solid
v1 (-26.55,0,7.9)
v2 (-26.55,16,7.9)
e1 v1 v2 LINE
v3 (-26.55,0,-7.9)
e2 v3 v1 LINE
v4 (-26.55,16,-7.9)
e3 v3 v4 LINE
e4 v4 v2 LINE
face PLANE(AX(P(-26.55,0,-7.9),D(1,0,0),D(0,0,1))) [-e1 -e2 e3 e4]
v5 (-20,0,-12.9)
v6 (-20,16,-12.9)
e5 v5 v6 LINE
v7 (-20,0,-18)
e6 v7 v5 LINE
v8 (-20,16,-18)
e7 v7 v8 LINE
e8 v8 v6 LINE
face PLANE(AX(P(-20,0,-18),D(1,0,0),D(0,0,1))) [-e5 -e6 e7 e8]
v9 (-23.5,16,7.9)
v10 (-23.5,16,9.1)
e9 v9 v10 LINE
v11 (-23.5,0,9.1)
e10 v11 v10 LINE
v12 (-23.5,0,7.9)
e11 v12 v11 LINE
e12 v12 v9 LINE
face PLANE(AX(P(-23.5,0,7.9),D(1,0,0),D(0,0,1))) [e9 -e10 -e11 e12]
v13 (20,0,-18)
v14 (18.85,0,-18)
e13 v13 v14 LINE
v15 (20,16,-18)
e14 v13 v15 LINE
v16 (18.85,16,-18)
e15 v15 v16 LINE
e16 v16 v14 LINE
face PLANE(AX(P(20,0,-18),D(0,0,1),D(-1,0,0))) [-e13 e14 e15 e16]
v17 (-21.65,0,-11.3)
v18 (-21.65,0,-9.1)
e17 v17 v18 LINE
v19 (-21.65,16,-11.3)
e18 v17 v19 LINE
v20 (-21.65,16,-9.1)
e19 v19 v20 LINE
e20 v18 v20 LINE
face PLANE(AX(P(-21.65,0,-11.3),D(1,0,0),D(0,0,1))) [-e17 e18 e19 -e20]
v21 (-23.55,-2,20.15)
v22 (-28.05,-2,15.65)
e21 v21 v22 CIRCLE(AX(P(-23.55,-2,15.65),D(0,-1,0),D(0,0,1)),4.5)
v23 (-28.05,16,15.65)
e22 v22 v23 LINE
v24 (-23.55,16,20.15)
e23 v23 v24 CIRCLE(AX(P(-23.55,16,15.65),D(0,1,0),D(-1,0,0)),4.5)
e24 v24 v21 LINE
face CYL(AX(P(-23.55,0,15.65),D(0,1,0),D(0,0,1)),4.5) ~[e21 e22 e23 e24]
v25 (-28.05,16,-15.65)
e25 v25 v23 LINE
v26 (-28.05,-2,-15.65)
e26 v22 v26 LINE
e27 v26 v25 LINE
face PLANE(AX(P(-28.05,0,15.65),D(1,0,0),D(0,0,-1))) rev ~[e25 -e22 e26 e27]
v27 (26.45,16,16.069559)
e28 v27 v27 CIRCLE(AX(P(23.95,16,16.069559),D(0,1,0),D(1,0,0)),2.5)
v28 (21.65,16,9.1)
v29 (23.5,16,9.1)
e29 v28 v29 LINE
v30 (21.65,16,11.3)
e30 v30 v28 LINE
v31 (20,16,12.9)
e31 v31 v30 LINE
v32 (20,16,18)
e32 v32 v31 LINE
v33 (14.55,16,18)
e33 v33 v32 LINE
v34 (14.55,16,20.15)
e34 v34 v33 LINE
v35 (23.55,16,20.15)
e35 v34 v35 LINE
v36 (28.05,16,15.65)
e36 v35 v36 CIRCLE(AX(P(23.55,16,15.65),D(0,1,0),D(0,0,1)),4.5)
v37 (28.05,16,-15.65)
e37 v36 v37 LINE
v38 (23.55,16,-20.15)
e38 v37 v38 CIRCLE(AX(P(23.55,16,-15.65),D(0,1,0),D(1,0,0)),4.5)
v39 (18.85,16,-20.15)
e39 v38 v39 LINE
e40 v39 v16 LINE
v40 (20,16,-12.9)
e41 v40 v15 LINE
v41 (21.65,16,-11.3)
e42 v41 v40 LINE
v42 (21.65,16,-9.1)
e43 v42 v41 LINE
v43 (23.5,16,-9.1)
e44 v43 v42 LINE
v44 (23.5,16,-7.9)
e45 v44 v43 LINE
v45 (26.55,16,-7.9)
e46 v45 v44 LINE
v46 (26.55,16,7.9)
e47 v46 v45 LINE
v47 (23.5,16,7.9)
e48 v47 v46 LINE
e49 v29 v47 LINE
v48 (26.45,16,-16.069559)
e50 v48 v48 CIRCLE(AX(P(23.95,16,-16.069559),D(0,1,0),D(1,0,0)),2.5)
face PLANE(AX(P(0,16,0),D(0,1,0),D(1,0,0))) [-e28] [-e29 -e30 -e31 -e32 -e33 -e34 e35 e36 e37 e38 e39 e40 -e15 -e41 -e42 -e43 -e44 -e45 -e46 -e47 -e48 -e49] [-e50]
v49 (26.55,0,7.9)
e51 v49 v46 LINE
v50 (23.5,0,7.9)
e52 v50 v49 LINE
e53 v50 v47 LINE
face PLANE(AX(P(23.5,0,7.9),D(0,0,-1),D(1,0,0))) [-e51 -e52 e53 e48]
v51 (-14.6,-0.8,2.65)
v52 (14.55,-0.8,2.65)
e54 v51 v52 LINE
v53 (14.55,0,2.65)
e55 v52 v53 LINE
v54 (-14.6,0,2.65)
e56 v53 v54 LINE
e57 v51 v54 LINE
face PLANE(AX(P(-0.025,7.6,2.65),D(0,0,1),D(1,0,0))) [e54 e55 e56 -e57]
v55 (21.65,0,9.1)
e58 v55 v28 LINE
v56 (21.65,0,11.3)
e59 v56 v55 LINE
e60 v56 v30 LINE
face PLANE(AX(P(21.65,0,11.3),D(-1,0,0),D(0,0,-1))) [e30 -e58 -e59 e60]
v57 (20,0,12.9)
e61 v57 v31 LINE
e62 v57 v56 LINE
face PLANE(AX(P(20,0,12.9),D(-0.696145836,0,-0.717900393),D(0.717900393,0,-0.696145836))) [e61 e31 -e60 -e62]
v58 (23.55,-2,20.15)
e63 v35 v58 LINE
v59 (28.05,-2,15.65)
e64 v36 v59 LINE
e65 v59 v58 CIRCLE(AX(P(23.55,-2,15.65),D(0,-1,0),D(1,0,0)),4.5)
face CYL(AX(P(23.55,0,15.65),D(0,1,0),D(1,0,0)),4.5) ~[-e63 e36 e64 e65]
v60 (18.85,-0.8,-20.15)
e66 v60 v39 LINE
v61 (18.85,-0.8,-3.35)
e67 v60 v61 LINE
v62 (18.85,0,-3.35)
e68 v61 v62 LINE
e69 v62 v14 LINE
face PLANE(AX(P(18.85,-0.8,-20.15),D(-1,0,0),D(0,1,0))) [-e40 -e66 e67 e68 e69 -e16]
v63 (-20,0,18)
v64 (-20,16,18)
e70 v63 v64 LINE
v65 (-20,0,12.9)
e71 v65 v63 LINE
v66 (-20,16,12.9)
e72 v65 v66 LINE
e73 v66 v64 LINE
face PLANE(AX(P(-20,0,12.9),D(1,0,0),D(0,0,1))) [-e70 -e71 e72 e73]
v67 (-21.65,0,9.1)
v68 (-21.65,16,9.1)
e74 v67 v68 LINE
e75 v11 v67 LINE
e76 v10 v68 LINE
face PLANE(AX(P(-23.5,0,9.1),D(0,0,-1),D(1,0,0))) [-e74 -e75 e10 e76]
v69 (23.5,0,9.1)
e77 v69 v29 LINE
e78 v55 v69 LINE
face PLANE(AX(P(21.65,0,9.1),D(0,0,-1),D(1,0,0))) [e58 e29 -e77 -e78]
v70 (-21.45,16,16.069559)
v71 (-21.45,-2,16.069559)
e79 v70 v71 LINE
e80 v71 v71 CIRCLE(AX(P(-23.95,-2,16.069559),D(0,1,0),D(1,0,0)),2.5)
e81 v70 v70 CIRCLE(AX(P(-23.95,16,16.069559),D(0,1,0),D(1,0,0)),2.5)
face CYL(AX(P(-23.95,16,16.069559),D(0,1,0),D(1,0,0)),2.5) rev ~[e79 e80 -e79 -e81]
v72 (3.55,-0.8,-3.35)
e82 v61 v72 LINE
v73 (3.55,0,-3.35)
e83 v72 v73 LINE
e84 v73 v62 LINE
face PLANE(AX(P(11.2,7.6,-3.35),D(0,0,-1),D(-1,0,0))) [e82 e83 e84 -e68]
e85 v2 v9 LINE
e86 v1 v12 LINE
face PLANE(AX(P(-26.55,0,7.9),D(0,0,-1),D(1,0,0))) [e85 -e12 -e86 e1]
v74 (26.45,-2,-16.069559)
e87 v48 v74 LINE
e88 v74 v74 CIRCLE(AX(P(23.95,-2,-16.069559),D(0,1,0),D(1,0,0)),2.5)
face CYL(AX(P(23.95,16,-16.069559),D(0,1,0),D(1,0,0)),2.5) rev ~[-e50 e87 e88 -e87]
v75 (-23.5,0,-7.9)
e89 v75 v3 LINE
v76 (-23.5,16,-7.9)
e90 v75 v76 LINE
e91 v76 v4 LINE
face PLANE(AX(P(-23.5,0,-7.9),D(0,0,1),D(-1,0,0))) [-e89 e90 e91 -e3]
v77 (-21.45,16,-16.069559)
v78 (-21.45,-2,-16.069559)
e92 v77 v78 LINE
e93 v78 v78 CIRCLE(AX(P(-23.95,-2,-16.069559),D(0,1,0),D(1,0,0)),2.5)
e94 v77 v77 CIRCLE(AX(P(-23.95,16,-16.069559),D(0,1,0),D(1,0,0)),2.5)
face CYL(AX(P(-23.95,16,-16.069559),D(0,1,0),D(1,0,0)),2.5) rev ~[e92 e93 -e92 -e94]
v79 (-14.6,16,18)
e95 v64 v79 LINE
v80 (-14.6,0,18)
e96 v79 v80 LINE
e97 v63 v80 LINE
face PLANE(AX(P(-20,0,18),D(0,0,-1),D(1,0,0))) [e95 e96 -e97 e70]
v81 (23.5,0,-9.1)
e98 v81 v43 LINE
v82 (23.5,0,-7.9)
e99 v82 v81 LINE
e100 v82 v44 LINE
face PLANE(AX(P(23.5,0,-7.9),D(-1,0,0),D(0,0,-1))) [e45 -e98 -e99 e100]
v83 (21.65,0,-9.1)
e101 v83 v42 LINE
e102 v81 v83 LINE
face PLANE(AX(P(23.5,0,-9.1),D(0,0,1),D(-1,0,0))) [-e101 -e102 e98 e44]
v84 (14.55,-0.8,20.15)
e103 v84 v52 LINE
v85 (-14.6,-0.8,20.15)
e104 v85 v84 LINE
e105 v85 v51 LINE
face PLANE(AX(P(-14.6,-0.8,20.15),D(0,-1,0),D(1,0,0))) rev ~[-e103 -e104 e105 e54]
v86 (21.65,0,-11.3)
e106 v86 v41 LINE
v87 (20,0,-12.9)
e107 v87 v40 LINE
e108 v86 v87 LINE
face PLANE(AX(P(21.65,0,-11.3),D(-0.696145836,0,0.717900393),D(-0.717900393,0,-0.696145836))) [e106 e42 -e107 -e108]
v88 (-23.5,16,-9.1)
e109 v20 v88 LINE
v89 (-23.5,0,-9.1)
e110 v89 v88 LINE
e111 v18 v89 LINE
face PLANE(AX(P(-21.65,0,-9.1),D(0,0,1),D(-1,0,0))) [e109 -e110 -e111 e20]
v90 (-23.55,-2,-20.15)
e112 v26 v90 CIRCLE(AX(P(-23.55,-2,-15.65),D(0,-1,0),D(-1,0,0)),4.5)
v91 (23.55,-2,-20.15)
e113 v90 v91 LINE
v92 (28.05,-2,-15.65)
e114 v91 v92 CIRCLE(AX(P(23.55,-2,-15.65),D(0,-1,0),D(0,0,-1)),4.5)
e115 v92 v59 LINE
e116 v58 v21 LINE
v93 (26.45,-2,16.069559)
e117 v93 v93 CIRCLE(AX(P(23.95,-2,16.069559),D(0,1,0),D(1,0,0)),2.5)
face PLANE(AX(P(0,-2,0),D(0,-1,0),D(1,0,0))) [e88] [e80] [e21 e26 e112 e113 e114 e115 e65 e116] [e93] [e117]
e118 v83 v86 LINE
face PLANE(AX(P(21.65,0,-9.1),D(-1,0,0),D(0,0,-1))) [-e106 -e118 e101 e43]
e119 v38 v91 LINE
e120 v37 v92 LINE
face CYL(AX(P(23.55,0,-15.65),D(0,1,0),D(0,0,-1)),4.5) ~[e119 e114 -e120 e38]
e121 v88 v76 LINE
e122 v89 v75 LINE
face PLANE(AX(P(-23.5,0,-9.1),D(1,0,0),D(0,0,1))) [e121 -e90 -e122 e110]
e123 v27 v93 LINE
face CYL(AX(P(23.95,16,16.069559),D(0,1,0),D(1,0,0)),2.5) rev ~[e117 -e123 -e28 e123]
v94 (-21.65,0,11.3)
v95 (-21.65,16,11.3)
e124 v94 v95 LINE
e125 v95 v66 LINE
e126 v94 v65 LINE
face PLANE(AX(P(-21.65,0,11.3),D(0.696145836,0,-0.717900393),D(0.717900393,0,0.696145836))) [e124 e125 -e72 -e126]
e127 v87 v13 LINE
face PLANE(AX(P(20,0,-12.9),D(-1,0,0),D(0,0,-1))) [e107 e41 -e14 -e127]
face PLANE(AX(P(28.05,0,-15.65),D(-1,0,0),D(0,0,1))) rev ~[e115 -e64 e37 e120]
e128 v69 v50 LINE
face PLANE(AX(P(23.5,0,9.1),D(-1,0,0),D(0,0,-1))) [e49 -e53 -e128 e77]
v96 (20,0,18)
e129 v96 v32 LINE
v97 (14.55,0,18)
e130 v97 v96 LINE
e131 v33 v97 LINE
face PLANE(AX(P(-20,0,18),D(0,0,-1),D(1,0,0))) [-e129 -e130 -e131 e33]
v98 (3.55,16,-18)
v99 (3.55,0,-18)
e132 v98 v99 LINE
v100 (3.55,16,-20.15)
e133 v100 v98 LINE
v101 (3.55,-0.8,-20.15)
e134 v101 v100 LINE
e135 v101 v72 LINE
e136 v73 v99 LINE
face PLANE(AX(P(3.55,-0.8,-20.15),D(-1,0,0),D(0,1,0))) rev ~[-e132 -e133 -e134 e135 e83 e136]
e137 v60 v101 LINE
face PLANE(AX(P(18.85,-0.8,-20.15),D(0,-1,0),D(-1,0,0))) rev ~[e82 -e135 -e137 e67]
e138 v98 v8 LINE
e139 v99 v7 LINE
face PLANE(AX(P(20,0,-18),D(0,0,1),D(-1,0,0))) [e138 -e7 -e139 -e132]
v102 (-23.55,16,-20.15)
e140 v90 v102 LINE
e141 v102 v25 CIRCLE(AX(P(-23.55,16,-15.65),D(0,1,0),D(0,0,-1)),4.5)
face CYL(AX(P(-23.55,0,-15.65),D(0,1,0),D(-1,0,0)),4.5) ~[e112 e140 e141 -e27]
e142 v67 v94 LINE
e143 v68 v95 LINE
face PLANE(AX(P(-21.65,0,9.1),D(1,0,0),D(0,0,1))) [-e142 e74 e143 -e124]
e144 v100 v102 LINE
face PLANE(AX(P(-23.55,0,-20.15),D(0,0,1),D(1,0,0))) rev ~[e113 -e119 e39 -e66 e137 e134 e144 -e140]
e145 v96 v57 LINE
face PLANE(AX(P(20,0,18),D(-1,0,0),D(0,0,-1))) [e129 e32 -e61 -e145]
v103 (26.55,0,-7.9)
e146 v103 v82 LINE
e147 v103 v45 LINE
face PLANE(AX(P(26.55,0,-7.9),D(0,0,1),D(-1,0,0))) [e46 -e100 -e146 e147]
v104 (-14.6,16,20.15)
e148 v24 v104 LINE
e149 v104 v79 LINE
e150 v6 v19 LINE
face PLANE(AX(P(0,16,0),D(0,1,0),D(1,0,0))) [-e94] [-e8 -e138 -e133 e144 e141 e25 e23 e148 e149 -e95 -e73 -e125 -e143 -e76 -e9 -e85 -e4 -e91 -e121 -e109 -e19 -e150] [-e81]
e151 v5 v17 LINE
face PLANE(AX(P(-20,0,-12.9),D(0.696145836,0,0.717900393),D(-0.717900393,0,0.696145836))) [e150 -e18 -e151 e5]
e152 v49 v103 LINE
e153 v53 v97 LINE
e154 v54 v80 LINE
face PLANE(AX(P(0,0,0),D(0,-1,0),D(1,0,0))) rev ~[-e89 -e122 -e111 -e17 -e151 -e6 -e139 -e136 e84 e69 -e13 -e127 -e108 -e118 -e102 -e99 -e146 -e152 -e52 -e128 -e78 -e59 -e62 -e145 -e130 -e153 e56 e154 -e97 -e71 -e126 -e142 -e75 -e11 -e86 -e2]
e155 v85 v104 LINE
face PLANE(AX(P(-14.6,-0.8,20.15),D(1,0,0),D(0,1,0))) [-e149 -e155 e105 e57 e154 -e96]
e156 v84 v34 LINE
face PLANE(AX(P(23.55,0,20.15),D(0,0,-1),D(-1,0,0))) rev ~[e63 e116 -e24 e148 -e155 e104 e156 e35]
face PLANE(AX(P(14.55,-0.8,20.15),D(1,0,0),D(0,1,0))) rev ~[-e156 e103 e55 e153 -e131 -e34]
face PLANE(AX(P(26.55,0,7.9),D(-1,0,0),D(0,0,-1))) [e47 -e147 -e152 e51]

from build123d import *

# Parameters (mm, degrees)
BOSS_EXTRUDE1_DEPTH = 16
BOSS_EXTRUDE2_DEPTH = 2
SKETCH3_W           = 15.3
SKETCH3_H           = 16.8
CUT_EXTRUDE1_DEPTH  = 16.8
SKETCH4_R           = 2.5
CUT_EXTRUDE2_DEPTH  = 19
SKETCH5_W           = 29.15
SKETCH5_H           = 16.8
CUT_EXTRUDE3_DEPTH  = 17.5


with BuildPart() as part:
    # Sketch1 → Boss-Extrude1 (new body)
    with BuildSketch(Plane(origin=(0, 0, 0), x_dir=(1, 0, 0), z_dir=(0, 1, 0))):
        with BuildLine():
            Line((23.55, 20.15), (-23.55, 20.15))
            ThreePointArc((-23.55, 20.15), (-26.731980515, 18.831980515), (-28.05, 15.65))
            Line((-28.05, 15.65), (-28.05, -15.65))
            ThreePointArc((-28.05, -15.65), (-26.731980515, -18.831980515), (-23.55, -20.15))
            Line((-23.55, -20.15), (23.55, -20.15))
            ThreePointArc((23.55, -20.15), (26.731980515, -18.831980515), (28.05, -15.65))
            Line((28.05, -15.65), (28.05, 15.65))
            ThreePointArc((28.05, 15.65), (26.731980515, 18.831980515), (23.55, 20.15))
        make_face()
        Polygon((-20, -18), (20, -18), (20, -12.9), (21.65, -11.3), (21.65, -9.1), (23.5, -9.1), (23.5, -7.9), (26.55, -7.9), (26.55, 7.9), (23.5, 7.9), (23.5, 9.1), (21.65, 9.1), (21.65, 11.3), (20, 12.9), (20, 18), (-20, 18), (-20, 12.9), (-21.65, 11.3), (-21.65, 9.1), (-23.5, 9.1), (-23.5, 7.9), (-26.55, 7.9), (-26.55, -7.9), (-23.5, -7.9), (-23.5, -9.1), (-21.65, -9.1), (-21.65, -11.3), (-20, -12.9), align=None, mode=Mode.SUBTRACT)
    extrude(amount=BOSS_EXTRUDE1_DEPTH)

    # Sketch2 → Boss-Extrude2 (add)
    with BuildSketch(Plane.XZ):
        with BuildLine():
            Line((-23.55, -20.15), (23.55, -20.15))
            ThreePointArc((23.55, -20.15), (26.731980515, -18.831980515), (28.05, -15.65))
            Line((28.05, -15.65), (28.05, 15.65))
            ThreePointArc((28.05, 15.65), (26.731980515, 18.831980515), (23.55, 20.15))
            Line((23.55, 20.15), (-23.55, 20.15))
            ThreePointArc((-23.55, 20.15), (-26.731980515, 18.831980515), (-28.05, 15.65))
            Line((-28.05, 15.65), (-28.05, -15.65))
            ThreePointArc((-28.05, -15.65), (-26.731980515, -18.831980515), (-23.55, -20.15))
        make_face()
    extrude(amount=BOSS_EXTRUDE2_DEPTH)

    # Sketch3 → Cut-Extrude1 (cut)
    with BuildSketch(Plane(origin=(0, 0, -20.15), x_dir=(-1, 0, 0), z_dir=(0, 0, -1))):
        with Locations((-11.2, 7.6)):
            Rectangle(SKETCH3_W, SKETCH3_H)
    extrude(amount=-CUT_EXTRUDE1_DEPTH, mode=Mode.SUBTRACT)

    # Sketch4 → Cut-Extrude2 (cut, through all)
    with BuildSketch(Plane(origin=(0, 16, 0), x_dir=(1, 0, 0), z_dir=(0, 1, 0))):
        with Locations((23.95, 16.069558847)):
            Circle(SKETCH4_R)
        with Locations((23.95, -16.069558847)):
            Circle(SKETCH4_R)
        with Locations((-23.95, 16.069558847)):
            Circle(SKETCH4_R)
        with Locations((-23.95, -16.069558847)):
            Circle(SKETCH4_R)
    extrude(amount=-CUT_EXTRUDE2_DEPTH, mode=Mode.SUBTRACT)

    # Sketch5 → Cut-Extrude3 (cut)
    with BuildSketch(Plane.XY.offset(20.15)):
        with Locations((-0.025, 7.6)):
            Rectangle(SKETCH5_W, SKETCH5_H)
    extrude(amount=-CUT_EXTRUDE3_DEPTH, mode=Mode.SUBTRACT)


solid = part.part
